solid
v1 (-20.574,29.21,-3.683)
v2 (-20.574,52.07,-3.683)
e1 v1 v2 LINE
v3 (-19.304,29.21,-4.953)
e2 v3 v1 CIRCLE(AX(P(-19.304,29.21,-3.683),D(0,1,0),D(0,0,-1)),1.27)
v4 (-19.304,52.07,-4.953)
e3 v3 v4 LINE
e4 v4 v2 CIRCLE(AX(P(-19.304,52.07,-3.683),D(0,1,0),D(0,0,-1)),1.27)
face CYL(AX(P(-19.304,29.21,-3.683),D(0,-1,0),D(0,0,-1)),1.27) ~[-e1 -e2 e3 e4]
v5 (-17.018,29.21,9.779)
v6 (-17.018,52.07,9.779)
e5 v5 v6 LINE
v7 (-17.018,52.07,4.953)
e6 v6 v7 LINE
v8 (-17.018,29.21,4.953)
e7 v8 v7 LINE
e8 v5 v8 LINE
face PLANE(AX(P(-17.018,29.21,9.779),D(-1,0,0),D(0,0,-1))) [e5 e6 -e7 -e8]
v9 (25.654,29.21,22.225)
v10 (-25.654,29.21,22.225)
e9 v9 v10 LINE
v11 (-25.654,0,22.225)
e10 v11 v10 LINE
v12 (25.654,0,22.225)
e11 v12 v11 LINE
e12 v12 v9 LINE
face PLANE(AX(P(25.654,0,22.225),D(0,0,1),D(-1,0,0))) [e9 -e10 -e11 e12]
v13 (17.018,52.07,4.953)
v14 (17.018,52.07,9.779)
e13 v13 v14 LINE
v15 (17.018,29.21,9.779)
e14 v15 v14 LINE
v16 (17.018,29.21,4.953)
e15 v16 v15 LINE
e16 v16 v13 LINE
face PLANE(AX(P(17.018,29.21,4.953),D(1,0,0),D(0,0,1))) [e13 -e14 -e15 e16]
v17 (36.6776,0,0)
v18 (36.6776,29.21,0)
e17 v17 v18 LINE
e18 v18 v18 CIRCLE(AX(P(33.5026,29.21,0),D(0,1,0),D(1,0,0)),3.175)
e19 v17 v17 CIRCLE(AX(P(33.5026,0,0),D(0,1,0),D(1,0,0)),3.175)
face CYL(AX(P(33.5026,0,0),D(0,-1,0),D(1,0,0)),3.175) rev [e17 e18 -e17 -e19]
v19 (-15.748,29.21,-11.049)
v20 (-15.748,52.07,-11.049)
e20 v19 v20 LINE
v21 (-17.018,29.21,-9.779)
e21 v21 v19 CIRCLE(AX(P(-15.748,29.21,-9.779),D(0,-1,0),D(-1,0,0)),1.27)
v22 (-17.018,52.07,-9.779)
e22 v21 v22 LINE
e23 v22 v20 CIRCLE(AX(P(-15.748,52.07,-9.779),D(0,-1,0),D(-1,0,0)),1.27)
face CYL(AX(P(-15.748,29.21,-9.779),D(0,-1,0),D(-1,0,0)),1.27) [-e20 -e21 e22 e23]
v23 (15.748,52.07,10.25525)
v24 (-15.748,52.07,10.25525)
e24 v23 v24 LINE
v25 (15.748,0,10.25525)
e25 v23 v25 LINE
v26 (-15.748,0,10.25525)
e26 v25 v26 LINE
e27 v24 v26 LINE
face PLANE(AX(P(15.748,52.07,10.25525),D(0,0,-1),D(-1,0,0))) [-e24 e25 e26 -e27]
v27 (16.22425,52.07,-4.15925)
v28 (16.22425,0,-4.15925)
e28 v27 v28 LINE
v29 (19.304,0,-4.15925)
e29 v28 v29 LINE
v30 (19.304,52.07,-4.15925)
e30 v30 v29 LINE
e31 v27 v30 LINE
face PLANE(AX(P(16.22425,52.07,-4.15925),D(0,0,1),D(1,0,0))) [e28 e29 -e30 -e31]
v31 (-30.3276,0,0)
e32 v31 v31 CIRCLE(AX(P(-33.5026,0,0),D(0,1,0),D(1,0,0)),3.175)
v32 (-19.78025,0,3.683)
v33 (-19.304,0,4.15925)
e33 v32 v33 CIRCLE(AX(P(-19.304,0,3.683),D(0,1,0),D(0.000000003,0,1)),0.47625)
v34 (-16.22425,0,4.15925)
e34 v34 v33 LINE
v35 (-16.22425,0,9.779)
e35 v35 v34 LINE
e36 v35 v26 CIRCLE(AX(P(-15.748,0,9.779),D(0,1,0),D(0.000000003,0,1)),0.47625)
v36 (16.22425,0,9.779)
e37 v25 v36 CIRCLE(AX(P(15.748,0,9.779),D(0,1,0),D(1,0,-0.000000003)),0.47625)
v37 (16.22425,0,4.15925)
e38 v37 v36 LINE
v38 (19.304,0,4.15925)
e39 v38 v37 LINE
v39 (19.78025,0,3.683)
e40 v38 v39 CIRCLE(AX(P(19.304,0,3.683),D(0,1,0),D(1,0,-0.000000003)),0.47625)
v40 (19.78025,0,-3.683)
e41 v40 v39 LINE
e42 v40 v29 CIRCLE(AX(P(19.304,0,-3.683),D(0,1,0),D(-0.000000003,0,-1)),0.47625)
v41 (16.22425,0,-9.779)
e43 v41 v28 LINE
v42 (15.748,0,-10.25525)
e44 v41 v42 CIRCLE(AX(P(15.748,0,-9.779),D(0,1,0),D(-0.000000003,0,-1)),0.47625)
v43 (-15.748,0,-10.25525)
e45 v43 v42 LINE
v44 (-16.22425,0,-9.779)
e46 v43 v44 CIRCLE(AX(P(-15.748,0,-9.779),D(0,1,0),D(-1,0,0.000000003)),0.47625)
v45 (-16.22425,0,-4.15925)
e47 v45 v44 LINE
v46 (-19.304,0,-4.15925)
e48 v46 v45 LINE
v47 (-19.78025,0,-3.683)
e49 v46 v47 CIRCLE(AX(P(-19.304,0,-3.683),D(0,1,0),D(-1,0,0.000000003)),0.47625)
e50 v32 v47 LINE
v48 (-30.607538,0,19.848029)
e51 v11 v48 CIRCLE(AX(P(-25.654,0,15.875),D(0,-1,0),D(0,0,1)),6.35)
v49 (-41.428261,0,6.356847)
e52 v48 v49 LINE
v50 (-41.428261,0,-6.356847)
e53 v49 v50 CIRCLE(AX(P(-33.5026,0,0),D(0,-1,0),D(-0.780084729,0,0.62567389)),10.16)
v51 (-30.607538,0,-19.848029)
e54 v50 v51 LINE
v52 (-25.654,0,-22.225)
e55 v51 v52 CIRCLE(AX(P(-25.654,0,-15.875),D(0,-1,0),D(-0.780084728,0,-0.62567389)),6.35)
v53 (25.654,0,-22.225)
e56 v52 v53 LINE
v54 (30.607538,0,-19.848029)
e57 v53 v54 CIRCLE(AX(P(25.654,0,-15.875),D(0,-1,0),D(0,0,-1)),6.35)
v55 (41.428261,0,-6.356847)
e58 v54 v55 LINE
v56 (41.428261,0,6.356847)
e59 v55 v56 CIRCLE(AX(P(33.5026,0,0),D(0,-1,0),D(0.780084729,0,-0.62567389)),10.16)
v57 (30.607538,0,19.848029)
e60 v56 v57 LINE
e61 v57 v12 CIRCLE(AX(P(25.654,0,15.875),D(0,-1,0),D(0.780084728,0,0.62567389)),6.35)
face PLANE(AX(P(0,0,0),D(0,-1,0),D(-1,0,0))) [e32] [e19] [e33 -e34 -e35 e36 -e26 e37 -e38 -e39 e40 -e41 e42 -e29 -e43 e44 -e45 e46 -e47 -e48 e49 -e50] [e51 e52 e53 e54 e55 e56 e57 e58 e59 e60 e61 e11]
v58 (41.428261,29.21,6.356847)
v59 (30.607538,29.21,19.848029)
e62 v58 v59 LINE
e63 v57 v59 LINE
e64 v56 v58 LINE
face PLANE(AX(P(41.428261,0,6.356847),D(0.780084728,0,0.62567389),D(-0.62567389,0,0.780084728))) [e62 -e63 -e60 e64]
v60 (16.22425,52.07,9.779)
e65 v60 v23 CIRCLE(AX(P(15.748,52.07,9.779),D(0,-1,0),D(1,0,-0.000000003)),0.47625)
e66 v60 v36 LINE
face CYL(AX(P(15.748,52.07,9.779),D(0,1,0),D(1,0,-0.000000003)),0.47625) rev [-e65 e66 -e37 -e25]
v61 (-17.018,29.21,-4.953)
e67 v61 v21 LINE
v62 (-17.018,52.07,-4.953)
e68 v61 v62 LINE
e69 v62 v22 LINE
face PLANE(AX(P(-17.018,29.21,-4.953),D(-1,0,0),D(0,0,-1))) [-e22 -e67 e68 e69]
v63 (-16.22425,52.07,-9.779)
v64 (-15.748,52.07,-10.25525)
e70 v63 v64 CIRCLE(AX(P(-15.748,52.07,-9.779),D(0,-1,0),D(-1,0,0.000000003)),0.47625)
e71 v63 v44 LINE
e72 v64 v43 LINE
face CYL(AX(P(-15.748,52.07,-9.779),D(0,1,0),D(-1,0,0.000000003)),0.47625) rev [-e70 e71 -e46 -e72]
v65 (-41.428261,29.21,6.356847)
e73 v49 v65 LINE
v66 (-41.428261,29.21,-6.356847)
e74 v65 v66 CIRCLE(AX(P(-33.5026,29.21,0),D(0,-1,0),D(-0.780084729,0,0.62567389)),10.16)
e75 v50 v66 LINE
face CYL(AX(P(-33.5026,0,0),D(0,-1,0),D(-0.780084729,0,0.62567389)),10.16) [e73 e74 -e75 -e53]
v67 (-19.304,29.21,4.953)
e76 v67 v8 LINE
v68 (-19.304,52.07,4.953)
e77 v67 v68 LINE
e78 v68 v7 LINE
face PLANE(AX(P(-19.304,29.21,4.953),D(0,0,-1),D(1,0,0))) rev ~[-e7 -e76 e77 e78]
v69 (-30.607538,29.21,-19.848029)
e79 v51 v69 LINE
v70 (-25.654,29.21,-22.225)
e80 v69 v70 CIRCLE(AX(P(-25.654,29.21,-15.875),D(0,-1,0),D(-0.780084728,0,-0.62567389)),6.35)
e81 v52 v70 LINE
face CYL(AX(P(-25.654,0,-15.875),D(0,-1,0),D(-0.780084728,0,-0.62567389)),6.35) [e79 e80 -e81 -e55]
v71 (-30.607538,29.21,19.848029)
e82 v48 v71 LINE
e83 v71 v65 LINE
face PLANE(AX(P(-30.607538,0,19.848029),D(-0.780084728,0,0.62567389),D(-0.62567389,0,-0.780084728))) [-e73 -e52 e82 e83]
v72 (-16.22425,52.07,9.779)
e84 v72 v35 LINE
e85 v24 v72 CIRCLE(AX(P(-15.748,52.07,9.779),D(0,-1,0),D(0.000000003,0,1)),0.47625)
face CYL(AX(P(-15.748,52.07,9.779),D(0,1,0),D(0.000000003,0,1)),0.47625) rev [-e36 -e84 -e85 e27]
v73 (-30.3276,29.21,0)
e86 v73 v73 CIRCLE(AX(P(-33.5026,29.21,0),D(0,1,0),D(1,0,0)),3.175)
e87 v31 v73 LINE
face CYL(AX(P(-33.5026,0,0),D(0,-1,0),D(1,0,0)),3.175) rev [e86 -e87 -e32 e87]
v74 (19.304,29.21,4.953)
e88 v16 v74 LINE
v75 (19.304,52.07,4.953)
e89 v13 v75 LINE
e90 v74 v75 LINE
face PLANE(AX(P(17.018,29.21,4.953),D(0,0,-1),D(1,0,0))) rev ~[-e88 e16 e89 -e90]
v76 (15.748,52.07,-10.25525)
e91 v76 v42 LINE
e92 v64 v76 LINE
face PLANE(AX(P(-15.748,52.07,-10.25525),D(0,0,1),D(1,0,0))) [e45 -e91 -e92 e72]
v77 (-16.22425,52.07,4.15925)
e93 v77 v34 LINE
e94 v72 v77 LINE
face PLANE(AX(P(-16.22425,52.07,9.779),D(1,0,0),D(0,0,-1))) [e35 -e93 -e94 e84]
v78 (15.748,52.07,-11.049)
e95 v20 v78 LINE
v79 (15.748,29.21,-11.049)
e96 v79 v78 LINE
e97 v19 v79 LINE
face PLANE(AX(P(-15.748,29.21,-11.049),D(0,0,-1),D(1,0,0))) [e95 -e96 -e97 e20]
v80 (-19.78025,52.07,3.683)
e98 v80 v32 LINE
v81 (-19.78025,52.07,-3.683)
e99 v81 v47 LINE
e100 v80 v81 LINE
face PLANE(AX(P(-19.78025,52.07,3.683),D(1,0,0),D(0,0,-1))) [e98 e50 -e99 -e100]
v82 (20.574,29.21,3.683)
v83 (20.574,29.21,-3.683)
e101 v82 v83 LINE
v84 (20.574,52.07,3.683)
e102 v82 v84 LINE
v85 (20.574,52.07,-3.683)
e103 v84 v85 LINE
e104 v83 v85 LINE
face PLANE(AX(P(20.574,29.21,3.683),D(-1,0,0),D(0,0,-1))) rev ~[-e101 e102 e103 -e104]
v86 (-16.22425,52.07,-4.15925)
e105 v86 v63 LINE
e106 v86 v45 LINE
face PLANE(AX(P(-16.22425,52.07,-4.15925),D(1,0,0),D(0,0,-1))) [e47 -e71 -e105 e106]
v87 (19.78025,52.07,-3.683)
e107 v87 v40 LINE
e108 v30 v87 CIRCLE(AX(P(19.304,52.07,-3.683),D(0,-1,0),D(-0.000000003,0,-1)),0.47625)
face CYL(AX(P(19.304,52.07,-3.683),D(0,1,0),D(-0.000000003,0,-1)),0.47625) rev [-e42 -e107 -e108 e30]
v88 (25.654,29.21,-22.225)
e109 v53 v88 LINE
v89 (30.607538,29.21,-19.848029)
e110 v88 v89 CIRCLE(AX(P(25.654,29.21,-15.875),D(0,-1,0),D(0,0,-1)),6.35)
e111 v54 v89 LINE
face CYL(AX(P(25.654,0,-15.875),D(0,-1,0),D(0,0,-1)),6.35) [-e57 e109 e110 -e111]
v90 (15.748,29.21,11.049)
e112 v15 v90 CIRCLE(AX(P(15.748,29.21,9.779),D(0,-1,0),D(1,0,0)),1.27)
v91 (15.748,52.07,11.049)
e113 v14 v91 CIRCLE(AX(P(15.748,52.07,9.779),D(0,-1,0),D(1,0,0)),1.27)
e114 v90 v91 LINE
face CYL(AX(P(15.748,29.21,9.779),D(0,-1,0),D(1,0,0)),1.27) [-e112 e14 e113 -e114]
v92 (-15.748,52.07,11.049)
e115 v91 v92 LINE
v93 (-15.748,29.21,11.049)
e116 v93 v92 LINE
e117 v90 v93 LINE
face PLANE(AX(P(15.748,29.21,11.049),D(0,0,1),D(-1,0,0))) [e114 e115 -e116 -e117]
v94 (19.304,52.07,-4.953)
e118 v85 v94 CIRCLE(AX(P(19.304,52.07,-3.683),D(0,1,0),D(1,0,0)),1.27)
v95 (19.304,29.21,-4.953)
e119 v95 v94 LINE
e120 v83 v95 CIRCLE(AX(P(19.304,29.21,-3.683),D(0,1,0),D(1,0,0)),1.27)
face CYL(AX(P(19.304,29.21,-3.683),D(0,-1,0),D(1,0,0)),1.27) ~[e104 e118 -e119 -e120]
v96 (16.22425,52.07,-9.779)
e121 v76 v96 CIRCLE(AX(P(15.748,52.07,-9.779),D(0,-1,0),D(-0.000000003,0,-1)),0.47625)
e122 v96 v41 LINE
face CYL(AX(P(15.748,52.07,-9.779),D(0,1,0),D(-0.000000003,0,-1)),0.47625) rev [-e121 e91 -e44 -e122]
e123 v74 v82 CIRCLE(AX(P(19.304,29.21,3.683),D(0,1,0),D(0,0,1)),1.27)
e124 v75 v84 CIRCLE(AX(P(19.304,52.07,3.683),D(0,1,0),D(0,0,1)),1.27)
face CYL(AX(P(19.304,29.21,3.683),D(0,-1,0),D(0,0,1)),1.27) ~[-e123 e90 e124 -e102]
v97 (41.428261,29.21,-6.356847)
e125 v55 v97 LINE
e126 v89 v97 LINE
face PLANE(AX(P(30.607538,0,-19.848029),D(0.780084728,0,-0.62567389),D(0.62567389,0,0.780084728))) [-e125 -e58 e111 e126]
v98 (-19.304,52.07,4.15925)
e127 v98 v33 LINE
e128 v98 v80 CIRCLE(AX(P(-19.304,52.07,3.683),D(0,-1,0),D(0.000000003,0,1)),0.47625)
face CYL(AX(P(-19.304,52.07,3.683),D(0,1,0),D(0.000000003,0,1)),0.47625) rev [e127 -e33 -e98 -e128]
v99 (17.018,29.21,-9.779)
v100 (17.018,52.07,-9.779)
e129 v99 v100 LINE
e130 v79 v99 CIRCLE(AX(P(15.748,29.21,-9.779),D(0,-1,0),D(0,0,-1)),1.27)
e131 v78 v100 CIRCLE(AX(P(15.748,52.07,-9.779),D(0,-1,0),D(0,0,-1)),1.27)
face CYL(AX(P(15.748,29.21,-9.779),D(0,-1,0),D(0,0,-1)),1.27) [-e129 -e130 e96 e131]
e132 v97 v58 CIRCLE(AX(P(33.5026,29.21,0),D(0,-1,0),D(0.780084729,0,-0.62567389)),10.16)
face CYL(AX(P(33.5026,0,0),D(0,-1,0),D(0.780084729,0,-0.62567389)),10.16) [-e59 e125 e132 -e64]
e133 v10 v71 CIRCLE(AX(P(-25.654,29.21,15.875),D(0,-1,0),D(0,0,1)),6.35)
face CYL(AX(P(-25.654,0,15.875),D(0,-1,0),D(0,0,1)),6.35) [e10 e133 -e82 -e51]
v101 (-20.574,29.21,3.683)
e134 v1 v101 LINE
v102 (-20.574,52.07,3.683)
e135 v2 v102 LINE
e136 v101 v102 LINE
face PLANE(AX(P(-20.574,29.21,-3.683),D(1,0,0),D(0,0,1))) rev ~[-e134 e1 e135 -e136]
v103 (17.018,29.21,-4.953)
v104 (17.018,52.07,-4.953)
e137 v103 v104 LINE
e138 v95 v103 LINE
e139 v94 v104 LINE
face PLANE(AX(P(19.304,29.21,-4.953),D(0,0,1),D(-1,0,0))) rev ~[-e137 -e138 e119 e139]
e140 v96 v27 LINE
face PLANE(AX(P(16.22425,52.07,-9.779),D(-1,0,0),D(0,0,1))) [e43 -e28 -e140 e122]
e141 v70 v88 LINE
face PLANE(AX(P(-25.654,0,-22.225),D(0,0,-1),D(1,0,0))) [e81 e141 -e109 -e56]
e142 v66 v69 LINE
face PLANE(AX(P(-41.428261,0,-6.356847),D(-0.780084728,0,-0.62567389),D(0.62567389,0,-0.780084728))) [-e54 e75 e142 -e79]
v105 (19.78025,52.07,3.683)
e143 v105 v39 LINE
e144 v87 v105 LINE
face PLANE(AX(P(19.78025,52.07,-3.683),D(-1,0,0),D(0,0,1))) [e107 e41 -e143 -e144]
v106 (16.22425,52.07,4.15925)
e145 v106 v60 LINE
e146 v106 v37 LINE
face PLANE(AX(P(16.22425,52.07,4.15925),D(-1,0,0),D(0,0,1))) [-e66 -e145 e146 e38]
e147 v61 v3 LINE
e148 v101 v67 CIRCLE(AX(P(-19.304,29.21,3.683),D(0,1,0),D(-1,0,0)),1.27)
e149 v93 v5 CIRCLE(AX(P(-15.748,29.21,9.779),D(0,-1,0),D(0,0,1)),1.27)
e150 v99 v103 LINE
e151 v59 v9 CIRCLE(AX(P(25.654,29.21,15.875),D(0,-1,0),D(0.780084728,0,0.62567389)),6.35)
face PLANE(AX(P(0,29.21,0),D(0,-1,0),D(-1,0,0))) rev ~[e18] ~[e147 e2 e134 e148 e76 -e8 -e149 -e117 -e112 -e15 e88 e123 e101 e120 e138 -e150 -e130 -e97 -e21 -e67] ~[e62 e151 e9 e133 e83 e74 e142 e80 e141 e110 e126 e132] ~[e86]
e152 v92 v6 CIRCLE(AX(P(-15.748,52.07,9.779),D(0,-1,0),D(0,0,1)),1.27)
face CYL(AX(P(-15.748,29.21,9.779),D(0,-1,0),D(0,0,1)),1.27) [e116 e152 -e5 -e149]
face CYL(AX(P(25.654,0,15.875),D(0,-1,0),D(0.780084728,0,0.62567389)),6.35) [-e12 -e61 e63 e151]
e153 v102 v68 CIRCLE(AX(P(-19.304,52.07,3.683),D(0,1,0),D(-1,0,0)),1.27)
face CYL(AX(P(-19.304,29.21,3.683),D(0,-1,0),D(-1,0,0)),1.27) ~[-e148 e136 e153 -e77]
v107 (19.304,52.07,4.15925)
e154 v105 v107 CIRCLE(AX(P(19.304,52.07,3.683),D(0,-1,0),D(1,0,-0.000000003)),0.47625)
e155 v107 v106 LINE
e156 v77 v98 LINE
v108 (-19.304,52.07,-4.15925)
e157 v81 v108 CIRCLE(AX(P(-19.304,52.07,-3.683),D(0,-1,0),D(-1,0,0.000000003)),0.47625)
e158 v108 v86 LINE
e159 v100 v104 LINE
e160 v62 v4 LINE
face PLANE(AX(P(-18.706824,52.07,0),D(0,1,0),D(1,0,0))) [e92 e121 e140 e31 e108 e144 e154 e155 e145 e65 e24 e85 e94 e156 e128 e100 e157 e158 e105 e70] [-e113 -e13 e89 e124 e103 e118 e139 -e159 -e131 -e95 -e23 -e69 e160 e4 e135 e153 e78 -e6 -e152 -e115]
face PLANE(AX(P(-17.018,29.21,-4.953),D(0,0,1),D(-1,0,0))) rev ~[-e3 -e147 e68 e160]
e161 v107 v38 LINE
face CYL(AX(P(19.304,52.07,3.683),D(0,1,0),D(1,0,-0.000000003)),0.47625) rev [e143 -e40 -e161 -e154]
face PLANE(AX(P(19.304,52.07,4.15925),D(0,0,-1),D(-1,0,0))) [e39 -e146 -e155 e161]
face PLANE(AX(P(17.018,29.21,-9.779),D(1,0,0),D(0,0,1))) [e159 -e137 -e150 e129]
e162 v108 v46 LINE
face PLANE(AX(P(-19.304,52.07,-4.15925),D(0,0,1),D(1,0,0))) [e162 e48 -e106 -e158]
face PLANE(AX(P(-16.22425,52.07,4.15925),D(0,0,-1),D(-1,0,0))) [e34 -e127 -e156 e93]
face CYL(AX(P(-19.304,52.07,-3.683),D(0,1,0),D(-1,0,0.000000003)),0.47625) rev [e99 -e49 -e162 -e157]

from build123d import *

# Parameters (mm, degrees)
SKETCH1_R           = 3.175
BOSS_EXTRUDE1_DEPTH = 29.21
BOSS_EXTRUDE2_DEPTH = 22.86
CUT_EXTRUDE1_REACH  = 54.07


with BuildPart() as part:
    # Sketch1 → Boss-Extrude1 (new body)
    with BuildSketch(Plane(origin=(0, 0, 0), x_dir=(1, 0, 0), z_dir=(0, 1, 0))):
        with BuildLine():
            Line((30.607538026, 19.8480292), (41.428260842, 6.35684672))
            ThreePointArc((41.428260842, 6.35684672), (43.6626, 0), (41.428260842, -6.35684672))
            Line((41.428260842, -6.35684672), (30.607538026, -19.8480292))
            ThreePointArc((30.607538026, -19.8480292), (28.401158949, -21.599999363), (25.654, -22.225))
            Line((25.654, -22.225), (-25.654, -22.225))
            ThreePointArc((-25.654, -22.225), (-28.401158949, -21.599999363), (-30.607538026, -19.8480292))
            Line((-30.607538026, -19.8480292), (-41.428260842, -6.35684672))
            ThreePointArc((-41.428260842, -6.35684672), (-43.6626, 0), (-41.428260842, 6.35684672))
            Line((-41.428260842, 6.35684672), (-30.607538026, 19.8480292))
            ThreePointArc((-30.607538026, 19.8480292), (-28.401158949, 21.599999363), (-25.654, 22.225))
            Line((-25.654, 22.225), (25.654, 22.225))
            ThreePointArc((25.654, 22.225), (28.401158949, 21.599999363), (30.607538026, 19.8480292))
        make_face()
        with Locations((-33.5026, 0)):
            Circle(SKETCH1_R, mode=Mode.SUBTRACT)
        with Locations((33.5026, 0)):
            Circle(SKETCH1_R, mode=Mode.SUBTRACT)
    extrude(amount=BOSS_EXTRUDE1_DEPTH)

    # Sketch2 → Boss-Extrude2 (add)
    with BuildSketch(Plane(origin=(0, 29.21, 0), x_dir=(1, 0, 0), z_dir=(0, 1, 0))):
        with BuildLine():
            Line((-19.304, -4.953), (-17.018, -4.953))
            Line((-17.018, -4.953), (-17.018, 4.953))
            Line((-17.018, 4.953), (-19.304, 4.953))
            ThreePointArc((-19.304, 4.953), (-20.202025612, 4.581025612), (-20.574, 3.683))
            Line((-20.574, 3.683), (-20.574, -3.683))
            ThreePointArc((-20.574, -3.683), (-20.202025612, -4.581025612), (-19.304, -4.953))
        make_face()
        with BuildLine():
            ThreePointArc((-17.018, 9.779), (-16.646025612, 10.677025612), (-15.748, 11.049))
            Line((-15.748, 11.049), (15.748, 11.049))
            ThreePointArc((15.748, 11.049), (16.646025612, 10.677025612), (17.018, 9.779))
            Line((17.018, 9.779), (17.018, -9.779))
            ThreePointArc((17.018, -9.779), (16.646025612, -10.677025612), (15.748, -11.049))
            Line((15.748, -11.049), (-15.748, -11.049))
            ThreePointArc((-15.748, -11.049), (-16.646025612, -10.677025612), (-17.018, -9.779))
            Line((-17.018, -9.779), (-17.018, 9.779))
        make_face()
        with BuildLine():
            Line((17.018, 4.953), (17.018, -4.953))
            Line((17.018, -4.953), (19.304, -4.953))
            ThreePointArc((19.304, -4.953), (20.202025612, -4.581025612), (20.574, -3.683))
            Line((20.574, -3.683), (20.574, 3.683))
            ThreePointArc((20.574, 3.683), (20.202025612, 4.581025612), (19.304, 4.953))
            Line((19.304, 4.953), (17.018, 4.953))
        make_face()
    extrude(amount=BOSS_EXTRUDE2_DEPTH)

    # Sketch4 → Cut-Extrude1 (cut, up to next)
    with BuildSketch(Plane(origin=(0, 52.07, 0), x_dir=(1, 0, 0), z_dir=(0, 1, 0)), mode=Mode.PRIVATE) as cut_extrude1_sk1:
        with BuildLine():
            Line((-16.22425, 4.15925), (-16.22425, 9.779))
            ThreePointArc((-16.22425, 9.779), (-16.084759605, 10.115759605), (-15.748, 10.25525))
            Line((-15.748, 10.25525), (15.748, 10.25525))
            ThreePointArc((15.748, 10.25525), (16.084759605, 10.115759605), (16.22425, 9.779))
            Line((16.22425, 9.779), (16.22425, 4.15925))
            Line((16.22425, 4.15925), (19.304, 4.15925))
            ThreePointArc((19.304, 4.15925), (19.640759605, 4.019759605), (19.78025, 3.683))
            Line((19.78025, 3.683), (19.78025, -3.683))
            ThreePointArc((19.78025, -3.683), (19.640759605, -4.019759605), (19.304, -4.15925))
            Line((19.304, -4.15925), (16.22425, -4.15925))
            Line((16.22425, -4.15925), (16.22425, -9.779))
            ThreePointArc((16.22425, -9.779), (16.084759605, -10.115759605), (15.748, -10.25525))
            Line((15.748, -10.25525), (-15.748, -10.25525))
            ThreePointArc((-15.748, -10.25525), (-16.084759605, -10.115759605), (-16.22425, -9.779))
            Line((-16.22425, -9.779), (-16.22425, -4.15925))
            Line((-16.22425, -4.15925), (-19.304, -4.15925))
            ThreePointArc((-19.304, -4.15925), (-19.640759605, -4.019759605), (-19.78025, -3.683))
            Line((-19.78025, -3.683), (-19.78025, 3.683))
            ThreePointArc((-19.78025, 3.683), (-19.640759605, 4.019759605), (-19.304, 4.15925))
            Line((-19.304, 4.15925), (-16.22425, 4.15925))
        make_face()
    cut_extrude1_tool1 = extrude(cut_extrude1_sk1.sketch, amount=-CUT_EXTRUDE1_REACH, mode=Mode.PRIVATE) & part.part
    add(cut_extrude1_tool1.solids().sort_by_distance((0, 52.07, 0))[0], mode=Mode.SUBTRACT)


solid = part.part
